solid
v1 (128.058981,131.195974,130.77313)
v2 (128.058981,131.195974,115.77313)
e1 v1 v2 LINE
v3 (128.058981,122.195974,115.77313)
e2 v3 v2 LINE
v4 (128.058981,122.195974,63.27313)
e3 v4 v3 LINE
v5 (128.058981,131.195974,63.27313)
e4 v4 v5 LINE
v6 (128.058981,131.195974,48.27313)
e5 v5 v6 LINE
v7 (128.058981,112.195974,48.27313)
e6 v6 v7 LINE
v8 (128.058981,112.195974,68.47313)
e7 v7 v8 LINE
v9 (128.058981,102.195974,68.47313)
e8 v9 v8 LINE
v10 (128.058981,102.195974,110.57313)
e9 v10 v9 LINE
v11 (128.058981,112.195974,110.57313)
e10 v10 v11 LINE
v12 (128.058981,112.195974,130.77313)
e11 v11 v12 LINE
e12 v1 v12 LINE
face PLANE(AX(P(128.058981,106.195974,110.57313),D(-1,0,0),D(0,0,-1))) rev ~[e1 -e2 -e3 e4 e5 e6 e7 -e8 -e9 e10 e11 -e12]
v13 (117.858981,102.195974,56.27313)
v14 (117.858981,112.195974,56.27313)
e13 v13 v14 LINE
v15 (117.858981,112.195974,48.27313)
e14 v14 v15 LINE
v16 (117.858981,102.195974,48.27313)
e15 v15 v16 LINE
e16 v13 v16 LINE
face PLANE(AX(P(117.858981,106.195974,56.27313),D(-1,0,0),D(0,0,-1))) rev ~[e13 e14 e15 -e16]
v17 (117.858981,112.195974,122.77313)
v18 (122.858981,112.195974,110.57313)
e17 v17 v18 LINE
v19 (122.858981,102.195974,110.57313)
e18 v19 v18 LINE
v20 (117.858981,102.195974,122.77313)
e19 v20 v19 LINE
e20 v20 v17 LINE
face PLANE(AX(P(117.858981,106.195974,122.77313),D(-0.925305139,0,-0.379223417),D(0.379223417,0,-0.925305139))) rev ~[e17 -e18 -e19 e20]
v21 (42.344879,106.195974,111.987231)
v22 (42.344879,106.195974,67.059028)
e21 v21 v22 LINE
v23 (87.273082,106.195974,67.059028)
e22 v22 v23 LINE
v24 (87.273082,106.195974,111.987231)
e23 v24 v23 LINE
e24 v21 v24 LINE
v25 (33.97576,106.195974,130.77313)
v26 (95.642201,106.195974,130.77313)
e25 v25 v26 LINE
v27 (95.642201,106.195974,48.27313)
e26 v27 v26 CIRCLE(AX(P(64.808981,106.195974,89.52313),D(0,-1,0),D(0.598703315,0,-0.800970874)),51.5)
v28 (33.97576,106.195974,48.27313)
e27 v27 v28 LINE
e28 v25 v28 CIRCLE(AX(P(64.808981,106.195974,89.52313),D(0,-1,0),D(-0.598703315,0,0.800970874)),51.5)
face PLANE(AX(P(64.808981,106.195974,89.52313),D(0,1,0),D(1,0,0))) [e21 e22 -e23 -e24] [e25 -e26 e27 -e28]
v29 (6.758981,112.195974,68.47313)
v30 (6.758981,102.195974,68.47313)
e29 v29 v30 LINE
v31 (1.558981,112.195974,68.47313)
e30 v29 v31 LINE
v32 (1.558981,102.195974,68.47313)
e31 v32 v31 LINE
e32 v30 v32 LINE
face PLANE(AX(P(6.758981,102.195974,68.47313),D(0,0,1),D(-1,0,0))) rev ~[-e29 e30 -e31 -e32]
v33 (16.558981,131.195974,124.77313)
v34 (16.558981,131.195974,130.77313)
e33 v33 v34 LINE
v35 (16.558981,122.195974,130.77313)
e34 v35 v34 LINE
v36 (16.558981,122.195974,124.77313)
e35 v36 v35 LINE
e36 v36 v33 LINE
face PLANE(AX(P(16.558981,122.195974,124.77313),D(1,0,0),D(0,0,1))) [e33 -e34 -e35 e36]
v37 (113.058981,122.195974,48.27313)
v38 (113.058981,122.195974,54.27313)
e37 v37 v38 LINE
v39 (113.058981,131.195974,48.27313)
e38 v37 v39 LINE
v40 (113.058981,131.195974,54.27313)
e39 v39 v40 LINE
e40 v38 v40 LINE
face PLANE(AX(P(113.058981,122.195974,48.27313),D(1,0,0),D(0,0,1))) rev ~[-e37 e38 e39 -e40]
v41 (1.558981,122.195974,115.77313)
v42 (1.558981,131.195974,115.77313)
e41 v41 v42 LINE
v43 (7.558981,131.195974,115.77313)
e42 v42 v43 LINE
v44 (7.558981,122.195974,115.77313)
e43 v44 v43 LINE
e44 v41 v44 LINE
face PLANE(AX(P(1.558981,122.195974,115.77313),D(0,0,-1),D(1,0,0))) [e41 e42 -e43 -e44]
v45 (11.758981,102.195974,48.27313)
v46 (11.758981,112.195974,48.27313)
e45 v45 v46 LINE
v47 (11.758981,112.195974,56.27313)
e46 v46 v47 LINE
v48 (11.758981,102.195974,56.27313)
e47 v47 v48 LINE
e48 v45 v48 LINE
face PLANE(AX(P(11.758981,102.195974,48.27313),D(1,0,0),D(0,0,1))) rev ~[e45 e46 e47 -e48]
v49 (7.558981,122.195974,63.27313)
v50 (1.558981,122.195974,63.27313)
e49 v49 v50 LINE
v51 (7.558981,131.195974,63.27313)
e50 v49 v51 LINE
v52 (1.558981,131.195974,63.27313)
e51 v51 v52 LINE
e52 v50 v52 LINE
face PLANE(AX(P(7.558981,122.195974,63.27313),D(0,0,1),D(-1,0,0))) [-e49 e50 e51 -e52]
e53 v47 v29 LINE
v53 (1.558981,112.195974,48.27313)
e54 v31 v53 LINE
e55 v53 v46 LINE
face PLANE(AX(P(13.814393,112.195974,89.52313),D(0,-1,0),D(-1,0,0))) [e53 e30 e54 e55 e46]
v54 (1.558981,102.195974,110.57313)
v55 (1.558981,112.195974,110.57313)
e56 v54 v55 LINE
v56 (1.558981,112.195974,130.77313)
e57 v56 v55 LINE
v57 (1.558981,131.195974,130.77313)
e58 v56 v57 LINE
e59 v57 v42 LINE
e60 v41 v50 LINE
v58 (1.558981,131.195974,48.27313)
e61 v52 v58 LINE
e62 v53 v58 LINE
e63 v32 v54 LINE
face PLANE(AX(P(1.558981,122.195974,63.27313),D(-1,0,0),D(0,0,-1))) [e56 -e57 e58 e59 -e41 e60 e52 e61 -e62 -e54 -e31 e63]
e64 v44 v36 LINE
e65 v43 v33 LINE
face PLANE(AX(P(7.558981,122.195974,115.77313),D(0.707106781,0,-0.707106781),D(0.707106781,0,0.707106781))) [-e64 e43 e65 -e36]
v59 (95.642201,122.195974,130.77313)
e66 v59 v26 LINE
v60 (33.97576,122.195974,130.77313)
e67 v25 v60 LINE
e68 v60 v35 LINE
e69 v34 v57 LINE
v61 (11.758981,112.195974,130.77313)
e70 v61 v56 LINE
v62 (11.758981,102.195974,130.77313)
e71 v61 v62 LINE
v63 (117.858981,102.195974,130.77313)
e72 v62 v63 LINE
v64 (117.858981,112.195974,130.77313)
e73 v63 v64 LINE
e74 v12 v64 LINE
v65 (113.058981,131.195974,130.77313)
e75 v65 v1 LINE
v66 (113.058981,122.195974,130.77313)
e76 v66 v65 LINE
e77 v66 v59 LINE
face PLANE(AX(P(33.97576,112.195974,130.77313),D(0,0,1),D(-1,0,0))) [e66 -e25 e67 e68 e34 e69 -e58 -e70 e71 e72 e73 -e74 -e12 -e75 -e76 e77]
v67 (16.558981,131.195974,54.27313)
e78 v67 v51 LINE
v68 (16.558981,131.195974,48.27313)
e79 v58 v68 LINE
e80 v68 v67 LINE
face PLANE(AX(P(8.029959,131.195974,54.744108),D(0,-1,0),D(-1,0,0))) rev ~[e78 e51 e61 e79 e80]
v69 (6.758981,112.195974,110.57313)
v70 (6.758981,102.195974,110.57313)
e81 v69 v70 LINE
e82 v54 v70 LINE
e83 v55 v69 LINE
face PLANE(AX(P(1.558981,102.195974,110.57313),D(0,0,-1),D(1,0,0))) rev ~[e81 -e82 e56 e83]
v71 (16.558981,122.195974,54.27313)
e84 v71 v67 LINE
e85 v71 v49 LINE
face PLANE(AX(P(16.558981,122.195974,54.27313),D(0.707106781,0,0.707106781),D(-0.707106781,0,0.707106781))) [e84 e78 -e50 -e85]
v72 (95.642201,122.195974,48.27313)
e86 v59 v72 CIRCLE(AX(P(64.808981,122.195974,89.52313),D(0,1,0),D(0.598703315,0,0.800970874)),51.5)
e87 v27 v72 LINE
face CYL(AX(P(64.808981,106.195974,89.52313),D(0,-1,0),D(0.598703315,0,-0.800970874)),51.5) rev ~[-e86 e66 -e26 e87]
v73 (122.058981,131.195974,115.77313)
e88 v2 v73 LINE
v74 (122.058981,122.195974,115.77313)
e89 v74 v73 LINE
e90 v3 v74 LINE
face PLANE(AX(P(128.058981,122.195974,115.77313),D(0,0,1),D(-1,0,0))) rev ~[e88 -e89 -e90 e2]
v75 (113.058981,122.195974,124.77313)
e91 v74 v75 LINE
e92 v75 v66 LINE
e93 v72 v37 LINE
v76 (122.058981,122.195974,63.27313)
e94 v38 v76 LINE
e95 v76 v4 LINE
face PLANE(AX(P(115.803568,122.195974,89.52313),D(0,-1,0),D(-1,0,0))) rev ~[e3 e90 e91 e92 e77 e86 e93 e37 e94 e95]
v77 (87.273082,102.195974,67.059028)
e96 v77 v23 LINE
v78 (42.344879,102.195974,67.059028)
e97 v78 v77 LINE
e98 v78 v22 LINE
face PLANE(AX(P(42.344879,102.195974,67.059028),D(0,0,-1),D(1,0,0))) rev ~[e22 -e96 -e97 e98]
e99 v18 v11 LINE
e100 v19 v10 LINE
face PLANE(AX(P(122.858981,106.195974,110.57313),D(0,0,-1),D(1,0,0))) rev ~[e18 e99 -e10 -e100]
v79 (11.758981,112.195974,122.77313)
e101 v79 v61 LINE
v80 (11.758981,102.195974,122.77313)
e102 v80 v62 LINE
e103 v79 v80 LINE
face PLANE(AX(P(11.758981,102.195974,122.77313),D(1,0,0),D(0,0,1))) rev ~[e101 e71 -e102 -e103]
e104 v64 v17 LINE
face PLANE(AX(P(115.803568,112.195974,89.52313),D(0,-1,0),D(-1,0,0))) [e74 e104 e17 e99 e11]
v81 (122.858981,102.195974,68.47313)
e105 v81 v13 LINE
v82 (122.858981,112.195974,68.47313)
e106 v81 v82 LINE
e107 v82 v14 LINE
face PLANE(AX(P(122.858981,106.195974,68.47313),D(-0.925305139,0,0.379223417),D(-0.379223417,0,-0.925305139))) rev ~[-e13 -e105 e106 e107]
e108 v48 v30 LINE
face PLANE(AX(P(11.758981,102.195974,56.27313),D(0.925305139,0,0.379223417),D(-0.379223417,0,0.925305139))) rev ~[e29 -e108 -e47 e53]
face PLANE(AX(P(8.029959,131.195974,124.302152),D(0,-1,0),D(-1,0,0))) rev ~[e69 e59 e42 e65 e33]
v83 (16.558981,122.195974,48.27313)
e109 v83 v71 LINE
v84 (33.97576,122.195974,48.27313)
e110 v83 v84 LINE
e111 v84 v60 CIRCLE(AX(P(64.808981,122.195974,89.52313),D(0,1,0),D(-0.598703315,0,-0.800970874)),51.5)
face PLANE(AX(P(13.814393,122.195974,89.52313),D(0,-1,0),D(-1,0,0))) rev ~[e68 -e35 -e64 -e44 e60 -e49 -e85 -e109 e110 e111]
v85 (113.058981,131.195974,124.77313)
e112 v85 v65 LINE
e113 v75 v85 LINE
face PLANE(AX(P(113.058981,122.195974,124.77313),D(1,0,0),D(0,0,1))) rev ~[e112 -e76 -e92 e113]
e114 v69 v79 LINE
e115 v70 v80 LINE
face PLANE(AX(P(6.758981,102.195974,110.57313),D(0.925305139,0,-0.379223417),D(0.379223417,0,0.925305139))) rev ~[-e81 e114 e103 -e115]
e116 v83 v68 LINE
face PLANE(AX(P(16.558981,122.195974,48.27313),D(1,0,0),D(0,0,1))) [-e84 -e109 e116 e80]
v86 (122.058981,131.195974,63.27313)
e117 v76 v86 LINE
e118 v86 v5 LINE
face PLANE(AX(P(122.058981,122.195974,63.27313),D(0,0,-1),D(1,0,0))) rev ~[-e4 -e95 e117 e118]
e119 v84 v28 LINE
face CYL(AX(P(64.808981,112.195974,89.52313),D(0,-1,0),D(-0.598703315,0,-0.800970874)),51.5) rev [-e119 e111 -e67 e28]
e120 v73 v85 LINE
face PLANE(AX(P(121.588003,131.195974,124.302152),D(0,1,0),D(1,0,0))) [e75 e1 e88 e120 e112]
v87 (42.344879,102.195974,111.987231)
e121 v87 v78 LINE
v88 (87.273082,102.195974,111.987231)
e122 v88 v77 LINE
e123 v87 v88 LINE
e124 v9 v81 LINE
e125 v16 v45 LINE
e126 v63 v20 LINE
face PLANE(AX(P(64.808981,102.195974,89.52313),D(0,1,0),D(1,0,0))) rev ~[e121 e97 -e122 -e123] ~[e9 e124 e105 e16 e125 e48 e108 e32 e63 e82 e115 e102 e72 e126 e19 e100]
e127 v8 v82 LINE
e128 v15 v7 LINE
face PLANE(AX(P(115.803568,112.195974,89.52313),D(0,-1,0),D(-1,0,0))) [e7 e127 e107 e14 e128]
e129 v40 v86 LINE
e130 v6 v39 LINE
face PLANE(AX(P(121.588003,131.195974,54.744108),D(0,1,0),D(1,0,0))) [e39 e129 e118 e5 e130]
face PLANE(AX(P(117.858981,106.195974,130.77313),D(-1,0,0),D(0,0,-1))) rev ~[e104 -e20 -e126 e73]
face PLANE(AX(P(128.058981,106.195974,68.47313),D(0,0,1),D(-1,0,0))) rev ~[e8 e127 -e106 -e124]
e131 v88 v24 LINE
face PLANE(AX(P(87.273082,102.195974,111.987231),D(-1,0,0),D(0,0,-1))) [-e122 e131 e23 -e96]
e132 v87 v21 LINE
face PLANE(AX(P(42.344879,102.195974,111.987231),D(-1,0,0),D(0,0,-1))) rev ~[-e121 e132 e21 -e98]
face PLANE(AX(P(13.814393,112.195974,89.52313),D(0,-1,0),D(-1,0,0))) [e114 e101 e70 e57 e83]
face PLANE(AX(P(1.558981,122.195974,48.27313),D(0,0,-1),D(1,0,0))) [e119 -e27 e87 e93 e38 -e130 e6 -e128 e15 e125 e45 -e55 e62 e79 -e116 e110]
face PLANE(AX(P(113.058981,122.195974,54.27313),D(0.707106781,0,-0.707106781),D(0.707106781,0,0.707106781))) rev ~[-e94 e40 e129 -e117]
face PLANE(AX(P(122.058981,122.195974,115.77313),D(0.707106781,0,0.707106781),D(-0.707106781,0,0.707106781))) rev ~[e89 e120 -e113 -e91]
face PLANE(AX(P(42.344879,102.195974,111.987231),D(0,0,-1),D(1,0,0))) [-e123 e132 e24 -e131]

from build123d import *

# Parameters (mm, degrees)
SKETCH_1_W      = 44.92820323
SKETCH_1_H      = 44.928203231
EXTRUDE_1_DEPTH = 4
EXTRUDE_2_DEPTH = 6
EXTRUDE_3_DEPTH = 10
EXTRUDE_4_DEPTH = 9


with BuildPart() as part:
    # Эскиз1 → Бобышка-Вытянуть1 (new body)
    with BuildSketch(Plane(origin=(0, 102.195974268, 0), x_dir=(1, 0, 0), z_dir=(0, 1, 0))):
        Polygon((6.758980694, -68.473129836), (1.558980694, -68.473129836), (1.558980694, -110.573129836), (6.758980694, -110.573129836), (11.758980694, -122.773129836), (11.758980694, -130.773129836), (117.858980694, -130.773129836), (117.858980694, -122.773129836), (122.858980694, -110.573129836), (128.058980694, -110.573129836), (128.058980694, -68.473129836), (122.858980694, -68.473129836), (117.858980694, -56.273129836), (117.858980694, -48.273129836), (11.758980694, -48.273129836), (11.758980694, -56.273129836), align=None)
        with Locations((64.808980694, -89.523129837)):
            Rectangle(SKETCH_1_W, SKETCH_1_H, mode=Mode.SUBTRACT)
    extrude(amount=EXTRUDE_1_DEPTH)

    # Эскиз2 → Бобышка-Вытянуть2 (add)
    with BuildSketch(Plane(origin=(0, 106.195974268, 0), x_dir=(1, 0, 0), z_dir=(0, 1, 0))):
        with BuildLine():
            Line((95.642201414, -130.773129836), (117.858980694, -130.773129836))
            Line((117.858980694, -130.773129836), (117.858980694, -122.773129836))
            Line((117.858980694, -122.773129836), (122.858980694, -110.573129836))
            Line((122.858980694, -110.573129836), (128.058980694, -110.573129836))
            Line((128.058980694, -110.573129836), (128.058980694, -68.473129836))
            Line((128.058980694, -68.473129836), (122.858980694, -68.473129836))
            Line((122.858980694, -68.473129836), (117.858980694, -56.273129836))
            Line((117.858980694, -56.273129836), (117.858980694, -48.273129836))
            Line((117.858980694, -48.273129836), (95.642201414, -48.273129836))
            ThreePointArc((95.642201414, -48.273129836), (116.308980694, -89.523129836), (95.642201414, -130.773129836))
        make_face()
        with BuildLine():
            Line((33.975759973, -48.273129836), (11.758980694, -48.273129836))
            Line((11.758980694, -48.273129836), (11.758980694, -56.273129836))
            Line((11.758980694, -56.273129836), (6.758980694, -68.473129836))
            Line((6.758980694, -68.473129836), (1.558980694, -68.473129836))
            Line((1.558980694, -68.473129836), (1.558980694, -110.573129836))
            Line((1.558980694, -110.573129836), (6.758980694, -110.573129836))
            Line((6.758980694, -110.573129836), (11.758980694, -122.773129836))
            Line((11.758980694, -122.773129836), (11.758980694, -130.773129836))
            Line((11.758980694, -130.773129836), (33.975759973, -130.773129836))
            ThreePointArc((33.975759973, -130.773129836), (13.308980694, -89.523129836), (33.975759973, -48.273129836))
        make_face()
    extrude(amount=EXTRUDE_2_DEPTH)

    # Эскиз3 → Бобышка-Вытянуть3 (add)
    with BuildSketch(Plane(origin=(0, 112.195974268, 0), x_dir=(1, 0, 0), z_dir=(0, 1, 0))):
        with BuildLine():
            Line((1.558980694, -130.773129836), (1.558980694, -48.273129836))
            Line((1.558980694, -48.273129836), (33.975759973, -48.273129836))
            ThreePointArc((33.975759973, -48.273129836), (13.308980694, -89.523129836), (33.975759973, -130.773129836))
            Line((33.975759973, -130.773129836), (1.558980694, -130.773129836))
        make_face()
        with BuildLine():
            Line((95.642201414, -48.273129836), (128.058980694, -48.273129836))
            Line((128.058980694, -48.273129836), (128.058980694, -130.773129836))
            Line((128.058980694, -130.773129836), (95.642201414, -130.773129836))
            ThreePointArc((95.642201414, -130.773129836), (116.308980694, -89.523129836), (95.642201414, -48.273129836))
        make_face()
    extrude(amount=EXTRUDE_3_DEPTH)

    # Эскиз4 → Бобышка-Вытянуть4 (add)
    with BuildSketch(Plane(origin=(0, 122.195974268, 0), x_dir=(1, 0, 0), z_dir=(0, 1, 0))):
        Polygon((1.558980694, -48.273129836), (16.558980694, -48.273129836), (16.558980694, -54.273129836), (7.558980694, -63.273129836), (1.558980694, -63.273129836), align=None)
        Polygon((128.058980694, -48.273129836), (113.058980694, -48.273129836), (113.058980694, -54.273129836), (122.058980694, -63.273129836), (128.058980694, -63.273129836), align=None)
        Polygon((128.058980694, -130.773129836), (128.058980694, -115.773129836), (122.058980694, -115.773129836), (113.058980694, -124.773129836), (113.058980694, -130.773129836), align=None)
        Polygon((1.558980694, -130.773129836), (1.558980694, -115.773129836), (7.558980694, -115.773129836), (16.558980694, -124.773129836), (16.558980694, -130.773129836), align=None)
    extrude(amount=EXTRUDE_4_DEPTH)


solid = part.part
